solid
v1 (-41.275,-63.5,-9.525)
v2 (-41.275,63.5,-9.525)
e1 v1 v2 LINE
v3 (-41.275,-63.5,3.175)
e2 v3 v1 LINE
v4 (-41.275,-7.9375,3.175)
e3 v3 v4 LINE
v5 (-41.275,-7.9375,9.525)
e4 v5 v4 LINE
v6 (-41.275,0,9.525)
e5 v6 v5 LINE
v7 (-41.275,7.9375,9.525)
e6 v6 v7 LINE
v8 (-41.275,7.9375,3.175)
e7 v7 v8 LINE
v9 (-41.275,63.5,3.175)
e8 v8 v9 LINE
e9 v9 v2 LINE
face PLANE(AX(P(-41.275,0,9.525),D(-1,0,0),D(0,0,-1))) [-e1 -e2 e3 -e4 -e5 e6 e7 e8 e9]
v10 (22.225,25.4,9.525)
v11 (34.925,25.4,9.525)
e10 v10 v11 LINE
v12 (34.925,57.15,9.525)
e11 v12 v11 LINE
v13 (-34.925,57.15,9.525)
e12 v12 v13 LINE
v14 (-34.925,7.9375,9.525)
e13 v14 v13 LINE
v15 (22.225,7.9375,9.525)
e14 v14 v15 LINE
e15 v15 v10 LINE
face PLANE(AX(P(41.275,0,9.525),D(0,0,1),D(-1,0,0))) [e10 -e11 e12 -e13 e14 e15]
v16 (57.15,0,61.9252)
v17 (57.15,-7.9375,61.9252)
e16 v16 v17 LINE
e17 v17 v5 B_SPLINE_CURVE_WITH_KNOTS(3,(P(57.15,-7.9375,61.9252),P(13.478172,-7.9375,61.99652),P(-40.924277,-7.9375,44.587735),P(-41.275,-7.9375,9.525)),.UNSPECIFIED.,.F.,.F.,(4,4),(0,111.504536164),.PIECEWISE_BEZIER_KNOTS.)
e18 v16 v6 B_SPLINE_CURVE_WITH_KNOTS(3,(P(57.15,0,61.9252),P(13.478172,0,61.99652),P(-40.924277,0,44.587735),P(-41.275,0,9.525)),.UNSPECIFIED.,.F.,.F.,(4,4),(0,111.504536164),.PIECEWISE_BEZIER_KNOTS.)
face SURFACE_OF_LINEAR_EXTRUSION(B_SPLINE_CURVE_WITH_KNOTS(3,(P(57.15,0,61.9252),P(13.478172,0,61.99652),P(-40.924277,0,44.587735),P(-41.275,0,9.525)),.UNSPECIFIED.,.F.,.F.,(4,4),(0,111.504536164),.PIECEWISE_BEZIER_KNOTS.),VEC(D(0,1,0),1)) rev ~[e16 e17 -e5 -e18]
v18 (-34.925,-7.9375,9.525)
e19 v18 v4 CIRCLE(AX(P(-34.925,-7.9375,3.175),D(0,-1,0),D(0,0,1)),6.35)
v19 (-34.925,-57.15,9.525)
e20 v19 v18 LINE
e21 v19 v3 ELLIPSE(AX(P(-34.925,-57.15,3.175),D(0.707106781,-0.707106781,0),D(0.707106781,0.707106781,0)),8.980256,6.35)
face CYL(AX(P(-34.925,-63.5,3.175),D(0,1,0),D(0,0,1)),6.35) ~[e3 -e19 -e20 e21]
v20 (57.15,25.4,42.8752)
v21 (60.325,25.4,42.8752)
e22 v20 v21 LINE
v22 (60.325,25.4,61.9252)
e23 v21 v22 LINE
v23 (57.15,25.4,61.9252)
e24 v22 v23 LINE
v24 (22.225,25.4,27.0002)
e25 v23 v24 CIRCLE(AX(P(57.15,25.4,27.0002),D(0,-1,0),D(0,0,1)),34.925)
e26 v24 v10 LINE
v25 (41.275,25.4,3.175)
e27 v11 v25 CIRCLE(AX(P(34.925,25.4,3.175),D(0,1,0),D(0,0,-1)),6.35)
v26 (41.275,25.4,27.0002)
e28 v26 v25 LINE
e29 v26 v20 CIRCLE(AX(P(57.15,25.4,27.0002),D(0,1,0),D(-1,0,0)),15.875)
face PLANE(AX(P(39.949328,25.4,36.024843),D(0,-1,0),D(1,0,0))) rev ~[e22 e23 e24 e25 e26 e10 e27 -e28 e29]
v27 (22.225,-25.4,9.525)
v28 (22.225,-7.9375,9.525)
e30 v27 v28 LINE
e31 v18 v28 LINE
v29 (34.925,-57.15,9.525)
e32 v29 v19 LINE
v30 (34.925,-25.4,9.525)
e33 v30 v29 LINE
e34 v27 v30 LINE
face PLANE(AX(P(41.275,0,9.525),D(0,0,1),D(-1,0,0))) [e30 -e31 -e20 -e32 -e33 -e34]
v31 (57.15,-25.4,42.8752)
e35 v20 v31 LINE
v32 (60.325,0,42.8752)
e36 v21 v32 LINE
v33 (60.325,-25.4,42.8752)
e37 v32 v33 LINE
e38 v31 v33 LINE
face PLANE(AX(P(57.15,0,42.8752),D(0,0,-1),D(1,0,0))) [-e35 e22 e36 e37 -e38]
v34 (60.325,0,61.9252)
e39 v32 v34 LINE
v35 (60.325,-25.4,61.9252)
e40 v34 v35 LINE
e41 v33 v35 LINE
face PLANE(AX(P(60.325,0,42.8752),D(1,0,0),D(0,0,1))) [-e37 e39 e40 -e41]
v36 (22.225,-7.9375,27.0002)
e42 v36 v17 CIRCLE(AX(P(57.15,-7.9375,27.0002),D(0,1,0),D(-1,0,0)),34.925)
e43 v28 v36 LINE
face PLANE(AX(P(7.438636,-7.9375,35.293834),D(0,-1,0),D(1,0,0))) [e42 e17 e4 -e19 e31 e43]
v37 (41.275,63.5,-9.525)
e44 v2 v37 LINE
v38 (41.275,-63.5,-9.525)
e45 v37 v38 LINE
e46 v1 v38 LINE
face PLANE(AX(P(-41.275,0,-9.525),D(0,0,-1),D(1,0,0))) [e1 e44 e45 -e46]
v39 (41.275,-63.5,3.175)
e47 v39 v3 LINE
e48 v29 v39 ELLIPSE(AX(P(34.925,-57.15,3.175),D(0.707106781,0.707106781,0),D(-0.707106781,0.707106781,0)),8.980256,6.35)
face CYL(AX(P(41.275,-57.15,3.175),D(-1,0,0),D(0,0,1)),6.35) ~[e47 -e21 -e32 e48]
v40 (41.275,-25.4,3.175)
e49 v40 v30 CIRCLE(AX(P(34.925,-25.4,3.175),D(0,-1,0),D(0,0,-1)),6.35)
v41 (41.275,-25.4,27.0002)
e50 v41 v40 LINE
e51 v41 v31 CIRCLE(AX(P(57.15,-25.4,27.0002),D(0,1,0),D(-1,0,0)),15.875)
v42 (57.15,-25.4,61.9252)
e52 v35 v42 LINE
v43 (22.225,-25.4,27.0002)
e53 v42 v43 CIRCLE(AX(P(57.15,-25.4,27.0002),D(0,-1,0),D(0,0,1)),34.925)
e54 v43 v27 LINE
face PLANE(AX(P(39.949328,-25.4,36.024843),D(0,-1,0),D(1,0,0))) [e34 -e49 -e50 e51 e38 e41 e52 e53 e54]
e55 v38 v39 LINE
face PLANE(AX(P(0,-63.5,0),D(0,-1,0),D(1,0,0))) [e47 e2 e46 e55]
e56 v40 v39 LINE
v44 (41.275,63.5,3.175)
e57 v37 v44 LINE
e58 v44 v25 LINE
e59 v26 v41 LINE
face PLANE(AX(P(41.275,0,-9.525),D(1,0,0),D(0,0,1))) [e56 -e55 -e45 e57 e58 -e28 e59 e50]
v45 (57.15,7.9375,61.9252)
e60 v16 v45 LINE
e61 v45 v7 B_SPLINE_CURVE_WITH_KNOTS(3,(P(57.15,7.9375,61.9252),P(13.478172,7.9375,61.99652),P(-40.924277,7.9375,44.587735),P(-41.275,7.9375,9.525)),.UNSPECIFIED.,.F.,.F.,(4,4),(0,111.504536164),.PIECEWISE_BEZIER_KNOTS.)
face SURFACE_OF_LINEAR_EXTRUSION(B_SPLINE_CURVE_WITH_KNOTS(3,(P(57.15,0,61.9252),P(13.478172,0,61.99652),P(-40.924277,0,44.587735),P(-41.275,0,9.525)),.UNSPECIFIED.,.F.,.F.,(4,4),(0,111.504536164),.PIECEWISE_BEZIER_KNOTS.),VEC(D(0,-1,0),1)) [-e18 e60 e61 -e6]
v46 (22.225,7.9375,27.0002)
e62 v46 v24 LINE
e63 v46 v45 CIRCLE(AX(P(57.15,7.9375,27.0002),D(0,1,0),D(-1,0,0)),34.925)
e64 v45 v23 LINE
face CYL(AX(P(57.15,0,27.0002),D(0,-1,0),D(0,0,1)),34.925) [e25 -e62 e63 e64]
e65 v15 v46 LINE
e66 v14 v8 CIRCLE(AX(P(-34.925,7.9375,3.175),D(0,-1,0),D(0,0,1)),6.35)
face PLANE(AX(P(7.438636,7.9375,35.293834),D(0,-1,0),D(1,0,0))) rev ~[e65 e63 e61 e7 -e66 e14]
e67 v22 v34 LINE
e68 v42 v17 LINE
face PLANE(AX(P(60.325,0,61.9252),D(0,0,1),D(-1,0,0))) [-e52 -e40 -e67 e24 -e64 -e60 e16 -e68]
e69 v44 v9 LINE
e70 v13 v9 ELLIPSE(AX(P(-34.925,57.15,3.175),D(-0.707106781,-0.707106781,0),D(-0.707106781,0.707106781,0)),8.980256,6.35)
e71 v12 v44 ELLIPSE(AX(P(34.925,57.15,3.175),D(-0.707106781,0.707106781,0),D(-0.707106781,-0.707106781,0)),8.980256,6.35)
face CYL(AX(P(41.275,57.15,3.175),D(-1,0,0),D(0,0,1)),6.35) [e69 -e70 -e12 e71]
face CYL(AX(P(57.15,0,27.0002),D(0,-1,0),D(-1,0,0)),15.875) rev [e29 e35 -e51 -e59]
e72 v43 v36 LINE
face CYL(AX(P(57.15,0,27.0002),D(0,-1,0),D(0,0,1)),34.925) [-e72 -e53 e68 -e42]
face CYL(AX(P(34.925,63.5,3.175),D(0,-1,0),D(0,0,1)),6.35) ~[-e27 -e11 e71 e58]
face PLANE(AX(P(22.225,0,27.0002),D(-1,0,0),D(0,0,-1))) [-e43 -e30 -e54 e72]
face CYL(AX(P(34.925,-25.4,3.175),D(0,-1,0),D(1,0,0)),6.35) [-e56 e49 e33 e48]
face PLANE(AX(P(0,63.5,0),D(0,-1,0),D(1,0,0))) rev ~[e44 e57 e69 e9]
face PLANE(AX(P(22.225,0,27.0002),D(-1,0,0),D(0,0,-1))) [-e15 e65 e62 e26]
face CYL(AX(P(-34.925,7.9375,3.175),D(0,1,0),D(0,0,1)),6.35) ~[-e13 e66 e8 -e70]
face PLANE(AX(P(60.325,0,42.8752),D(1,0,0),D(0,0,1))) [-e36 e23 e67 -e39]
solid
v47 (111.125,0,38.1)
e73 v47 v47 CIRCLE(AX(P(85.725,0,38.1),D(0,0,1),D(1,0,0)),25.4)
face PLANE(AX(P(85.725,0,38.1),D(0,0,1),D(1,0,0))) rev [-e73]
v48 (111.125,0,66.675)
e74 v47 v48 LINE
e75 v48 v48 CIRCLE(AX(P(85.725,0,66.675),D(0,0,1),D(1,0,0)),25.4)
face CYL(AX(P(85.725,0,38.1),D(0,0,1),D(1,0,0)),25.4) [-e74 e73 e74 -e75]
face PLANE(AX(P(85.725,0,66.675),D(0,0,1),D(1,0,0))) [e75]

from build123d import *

# Parameters (mm, degrees)
F1_DEPTH = 63.5
F2_DEPTH = 25.4
F3_DEPTH = 7.9375
F5_R     = 6.35


with BuildPart() as f1:
    # F0 (on Front) → F1 (new body, symmetric)
    with BuildSketch(Plane.XZ):
        Polygon((-41.275, -9.525), (41.275, -9.525), (41.275, 9.525), (22.225, 9.525), (-41.275, 9.525), align=None)
    extrude(amount=F1_DEPTH, both=True)

    # F0 (on Front) → F2 (join, symmetric)
    with BuildSketch(Plane.XZ):
        with BuildLine():
            Line((22.225, 9.525), (41.275, 9.525))
            Line((41.275, 9.525), (41.275, 27.0002))
            ThreePointArc((41.275, 27.0002), (45.9246798487, 38.2255201513), (57.15, 42.8752))
            Line((57.15, 42.8752), (60.325, 42.8752))
            Line((60.325, 42.8752), (60.325, 61.9252))
            Line((60.325, 61.9252), (57.15, 61.9252))
            ThreePointArc((57.15, 61.9252), (32.4542956671, 51.6959043329), (22.225, 27.0002))
            Line((22.225, 27.0002), (22.225, 9.525))
        make_face()
    extrude(amount=F2_DEPTH, both=True)

    # F0 (on Front) → F3 (join, symmetric)
    with BuildSketch(Plane.XZ):
        with BuildLine():
            add(Edge.make_bspline(
                [(57.15, 61.9252), (13.4781720117, 61.9965195656), (-40.9242771566, 44.5877350867), (-41.275, 9.525)],
                knots=[0, 0, 0, 0, 111.5045361635, 111.5045361635, 111.5045361635, 111.5045361635], degree=3))
            Line((-41.275, 9.525), (22.225, 9.525))
            Line((22.225, 9.525), (22.225, 27.0002))
            ThreePointArc((22.225, 27.0002), (32.4542956671, 51.6959043329), (57.15, 61.9252))
        make_face()
    extrude(amount=F3_DEPTH, both=True)

    # F0 (on Front) → F4 (revolve)
    with BuildSketch(Plane.XZ):
        Polygon((85.725, 66.675), (85.725, 61.9252), (85.725, 42.8752), (85.725, 38.1), (111.125, 38.1), (111.125, 66.675), align=None)
    revolve(axis=Axis((85.725, 0, 52.3875), (0, 0, 1)))

    # F5
    f5_edges = [f1.edges().sort_by_distance(p)[0] for p in [
        (-41.275, -35.71875, 9.525),
        (0, -63.5, 9.525),
        (-41.275, 35.71875, 9.525),
        (0, 63.5, 9.525),
        (41.275, 44.45, 9.525),
        (41.275, -44.45, 9.525),
    ]]
    fillet(f5_edges, radius=F5_R)


solid = f1.part
